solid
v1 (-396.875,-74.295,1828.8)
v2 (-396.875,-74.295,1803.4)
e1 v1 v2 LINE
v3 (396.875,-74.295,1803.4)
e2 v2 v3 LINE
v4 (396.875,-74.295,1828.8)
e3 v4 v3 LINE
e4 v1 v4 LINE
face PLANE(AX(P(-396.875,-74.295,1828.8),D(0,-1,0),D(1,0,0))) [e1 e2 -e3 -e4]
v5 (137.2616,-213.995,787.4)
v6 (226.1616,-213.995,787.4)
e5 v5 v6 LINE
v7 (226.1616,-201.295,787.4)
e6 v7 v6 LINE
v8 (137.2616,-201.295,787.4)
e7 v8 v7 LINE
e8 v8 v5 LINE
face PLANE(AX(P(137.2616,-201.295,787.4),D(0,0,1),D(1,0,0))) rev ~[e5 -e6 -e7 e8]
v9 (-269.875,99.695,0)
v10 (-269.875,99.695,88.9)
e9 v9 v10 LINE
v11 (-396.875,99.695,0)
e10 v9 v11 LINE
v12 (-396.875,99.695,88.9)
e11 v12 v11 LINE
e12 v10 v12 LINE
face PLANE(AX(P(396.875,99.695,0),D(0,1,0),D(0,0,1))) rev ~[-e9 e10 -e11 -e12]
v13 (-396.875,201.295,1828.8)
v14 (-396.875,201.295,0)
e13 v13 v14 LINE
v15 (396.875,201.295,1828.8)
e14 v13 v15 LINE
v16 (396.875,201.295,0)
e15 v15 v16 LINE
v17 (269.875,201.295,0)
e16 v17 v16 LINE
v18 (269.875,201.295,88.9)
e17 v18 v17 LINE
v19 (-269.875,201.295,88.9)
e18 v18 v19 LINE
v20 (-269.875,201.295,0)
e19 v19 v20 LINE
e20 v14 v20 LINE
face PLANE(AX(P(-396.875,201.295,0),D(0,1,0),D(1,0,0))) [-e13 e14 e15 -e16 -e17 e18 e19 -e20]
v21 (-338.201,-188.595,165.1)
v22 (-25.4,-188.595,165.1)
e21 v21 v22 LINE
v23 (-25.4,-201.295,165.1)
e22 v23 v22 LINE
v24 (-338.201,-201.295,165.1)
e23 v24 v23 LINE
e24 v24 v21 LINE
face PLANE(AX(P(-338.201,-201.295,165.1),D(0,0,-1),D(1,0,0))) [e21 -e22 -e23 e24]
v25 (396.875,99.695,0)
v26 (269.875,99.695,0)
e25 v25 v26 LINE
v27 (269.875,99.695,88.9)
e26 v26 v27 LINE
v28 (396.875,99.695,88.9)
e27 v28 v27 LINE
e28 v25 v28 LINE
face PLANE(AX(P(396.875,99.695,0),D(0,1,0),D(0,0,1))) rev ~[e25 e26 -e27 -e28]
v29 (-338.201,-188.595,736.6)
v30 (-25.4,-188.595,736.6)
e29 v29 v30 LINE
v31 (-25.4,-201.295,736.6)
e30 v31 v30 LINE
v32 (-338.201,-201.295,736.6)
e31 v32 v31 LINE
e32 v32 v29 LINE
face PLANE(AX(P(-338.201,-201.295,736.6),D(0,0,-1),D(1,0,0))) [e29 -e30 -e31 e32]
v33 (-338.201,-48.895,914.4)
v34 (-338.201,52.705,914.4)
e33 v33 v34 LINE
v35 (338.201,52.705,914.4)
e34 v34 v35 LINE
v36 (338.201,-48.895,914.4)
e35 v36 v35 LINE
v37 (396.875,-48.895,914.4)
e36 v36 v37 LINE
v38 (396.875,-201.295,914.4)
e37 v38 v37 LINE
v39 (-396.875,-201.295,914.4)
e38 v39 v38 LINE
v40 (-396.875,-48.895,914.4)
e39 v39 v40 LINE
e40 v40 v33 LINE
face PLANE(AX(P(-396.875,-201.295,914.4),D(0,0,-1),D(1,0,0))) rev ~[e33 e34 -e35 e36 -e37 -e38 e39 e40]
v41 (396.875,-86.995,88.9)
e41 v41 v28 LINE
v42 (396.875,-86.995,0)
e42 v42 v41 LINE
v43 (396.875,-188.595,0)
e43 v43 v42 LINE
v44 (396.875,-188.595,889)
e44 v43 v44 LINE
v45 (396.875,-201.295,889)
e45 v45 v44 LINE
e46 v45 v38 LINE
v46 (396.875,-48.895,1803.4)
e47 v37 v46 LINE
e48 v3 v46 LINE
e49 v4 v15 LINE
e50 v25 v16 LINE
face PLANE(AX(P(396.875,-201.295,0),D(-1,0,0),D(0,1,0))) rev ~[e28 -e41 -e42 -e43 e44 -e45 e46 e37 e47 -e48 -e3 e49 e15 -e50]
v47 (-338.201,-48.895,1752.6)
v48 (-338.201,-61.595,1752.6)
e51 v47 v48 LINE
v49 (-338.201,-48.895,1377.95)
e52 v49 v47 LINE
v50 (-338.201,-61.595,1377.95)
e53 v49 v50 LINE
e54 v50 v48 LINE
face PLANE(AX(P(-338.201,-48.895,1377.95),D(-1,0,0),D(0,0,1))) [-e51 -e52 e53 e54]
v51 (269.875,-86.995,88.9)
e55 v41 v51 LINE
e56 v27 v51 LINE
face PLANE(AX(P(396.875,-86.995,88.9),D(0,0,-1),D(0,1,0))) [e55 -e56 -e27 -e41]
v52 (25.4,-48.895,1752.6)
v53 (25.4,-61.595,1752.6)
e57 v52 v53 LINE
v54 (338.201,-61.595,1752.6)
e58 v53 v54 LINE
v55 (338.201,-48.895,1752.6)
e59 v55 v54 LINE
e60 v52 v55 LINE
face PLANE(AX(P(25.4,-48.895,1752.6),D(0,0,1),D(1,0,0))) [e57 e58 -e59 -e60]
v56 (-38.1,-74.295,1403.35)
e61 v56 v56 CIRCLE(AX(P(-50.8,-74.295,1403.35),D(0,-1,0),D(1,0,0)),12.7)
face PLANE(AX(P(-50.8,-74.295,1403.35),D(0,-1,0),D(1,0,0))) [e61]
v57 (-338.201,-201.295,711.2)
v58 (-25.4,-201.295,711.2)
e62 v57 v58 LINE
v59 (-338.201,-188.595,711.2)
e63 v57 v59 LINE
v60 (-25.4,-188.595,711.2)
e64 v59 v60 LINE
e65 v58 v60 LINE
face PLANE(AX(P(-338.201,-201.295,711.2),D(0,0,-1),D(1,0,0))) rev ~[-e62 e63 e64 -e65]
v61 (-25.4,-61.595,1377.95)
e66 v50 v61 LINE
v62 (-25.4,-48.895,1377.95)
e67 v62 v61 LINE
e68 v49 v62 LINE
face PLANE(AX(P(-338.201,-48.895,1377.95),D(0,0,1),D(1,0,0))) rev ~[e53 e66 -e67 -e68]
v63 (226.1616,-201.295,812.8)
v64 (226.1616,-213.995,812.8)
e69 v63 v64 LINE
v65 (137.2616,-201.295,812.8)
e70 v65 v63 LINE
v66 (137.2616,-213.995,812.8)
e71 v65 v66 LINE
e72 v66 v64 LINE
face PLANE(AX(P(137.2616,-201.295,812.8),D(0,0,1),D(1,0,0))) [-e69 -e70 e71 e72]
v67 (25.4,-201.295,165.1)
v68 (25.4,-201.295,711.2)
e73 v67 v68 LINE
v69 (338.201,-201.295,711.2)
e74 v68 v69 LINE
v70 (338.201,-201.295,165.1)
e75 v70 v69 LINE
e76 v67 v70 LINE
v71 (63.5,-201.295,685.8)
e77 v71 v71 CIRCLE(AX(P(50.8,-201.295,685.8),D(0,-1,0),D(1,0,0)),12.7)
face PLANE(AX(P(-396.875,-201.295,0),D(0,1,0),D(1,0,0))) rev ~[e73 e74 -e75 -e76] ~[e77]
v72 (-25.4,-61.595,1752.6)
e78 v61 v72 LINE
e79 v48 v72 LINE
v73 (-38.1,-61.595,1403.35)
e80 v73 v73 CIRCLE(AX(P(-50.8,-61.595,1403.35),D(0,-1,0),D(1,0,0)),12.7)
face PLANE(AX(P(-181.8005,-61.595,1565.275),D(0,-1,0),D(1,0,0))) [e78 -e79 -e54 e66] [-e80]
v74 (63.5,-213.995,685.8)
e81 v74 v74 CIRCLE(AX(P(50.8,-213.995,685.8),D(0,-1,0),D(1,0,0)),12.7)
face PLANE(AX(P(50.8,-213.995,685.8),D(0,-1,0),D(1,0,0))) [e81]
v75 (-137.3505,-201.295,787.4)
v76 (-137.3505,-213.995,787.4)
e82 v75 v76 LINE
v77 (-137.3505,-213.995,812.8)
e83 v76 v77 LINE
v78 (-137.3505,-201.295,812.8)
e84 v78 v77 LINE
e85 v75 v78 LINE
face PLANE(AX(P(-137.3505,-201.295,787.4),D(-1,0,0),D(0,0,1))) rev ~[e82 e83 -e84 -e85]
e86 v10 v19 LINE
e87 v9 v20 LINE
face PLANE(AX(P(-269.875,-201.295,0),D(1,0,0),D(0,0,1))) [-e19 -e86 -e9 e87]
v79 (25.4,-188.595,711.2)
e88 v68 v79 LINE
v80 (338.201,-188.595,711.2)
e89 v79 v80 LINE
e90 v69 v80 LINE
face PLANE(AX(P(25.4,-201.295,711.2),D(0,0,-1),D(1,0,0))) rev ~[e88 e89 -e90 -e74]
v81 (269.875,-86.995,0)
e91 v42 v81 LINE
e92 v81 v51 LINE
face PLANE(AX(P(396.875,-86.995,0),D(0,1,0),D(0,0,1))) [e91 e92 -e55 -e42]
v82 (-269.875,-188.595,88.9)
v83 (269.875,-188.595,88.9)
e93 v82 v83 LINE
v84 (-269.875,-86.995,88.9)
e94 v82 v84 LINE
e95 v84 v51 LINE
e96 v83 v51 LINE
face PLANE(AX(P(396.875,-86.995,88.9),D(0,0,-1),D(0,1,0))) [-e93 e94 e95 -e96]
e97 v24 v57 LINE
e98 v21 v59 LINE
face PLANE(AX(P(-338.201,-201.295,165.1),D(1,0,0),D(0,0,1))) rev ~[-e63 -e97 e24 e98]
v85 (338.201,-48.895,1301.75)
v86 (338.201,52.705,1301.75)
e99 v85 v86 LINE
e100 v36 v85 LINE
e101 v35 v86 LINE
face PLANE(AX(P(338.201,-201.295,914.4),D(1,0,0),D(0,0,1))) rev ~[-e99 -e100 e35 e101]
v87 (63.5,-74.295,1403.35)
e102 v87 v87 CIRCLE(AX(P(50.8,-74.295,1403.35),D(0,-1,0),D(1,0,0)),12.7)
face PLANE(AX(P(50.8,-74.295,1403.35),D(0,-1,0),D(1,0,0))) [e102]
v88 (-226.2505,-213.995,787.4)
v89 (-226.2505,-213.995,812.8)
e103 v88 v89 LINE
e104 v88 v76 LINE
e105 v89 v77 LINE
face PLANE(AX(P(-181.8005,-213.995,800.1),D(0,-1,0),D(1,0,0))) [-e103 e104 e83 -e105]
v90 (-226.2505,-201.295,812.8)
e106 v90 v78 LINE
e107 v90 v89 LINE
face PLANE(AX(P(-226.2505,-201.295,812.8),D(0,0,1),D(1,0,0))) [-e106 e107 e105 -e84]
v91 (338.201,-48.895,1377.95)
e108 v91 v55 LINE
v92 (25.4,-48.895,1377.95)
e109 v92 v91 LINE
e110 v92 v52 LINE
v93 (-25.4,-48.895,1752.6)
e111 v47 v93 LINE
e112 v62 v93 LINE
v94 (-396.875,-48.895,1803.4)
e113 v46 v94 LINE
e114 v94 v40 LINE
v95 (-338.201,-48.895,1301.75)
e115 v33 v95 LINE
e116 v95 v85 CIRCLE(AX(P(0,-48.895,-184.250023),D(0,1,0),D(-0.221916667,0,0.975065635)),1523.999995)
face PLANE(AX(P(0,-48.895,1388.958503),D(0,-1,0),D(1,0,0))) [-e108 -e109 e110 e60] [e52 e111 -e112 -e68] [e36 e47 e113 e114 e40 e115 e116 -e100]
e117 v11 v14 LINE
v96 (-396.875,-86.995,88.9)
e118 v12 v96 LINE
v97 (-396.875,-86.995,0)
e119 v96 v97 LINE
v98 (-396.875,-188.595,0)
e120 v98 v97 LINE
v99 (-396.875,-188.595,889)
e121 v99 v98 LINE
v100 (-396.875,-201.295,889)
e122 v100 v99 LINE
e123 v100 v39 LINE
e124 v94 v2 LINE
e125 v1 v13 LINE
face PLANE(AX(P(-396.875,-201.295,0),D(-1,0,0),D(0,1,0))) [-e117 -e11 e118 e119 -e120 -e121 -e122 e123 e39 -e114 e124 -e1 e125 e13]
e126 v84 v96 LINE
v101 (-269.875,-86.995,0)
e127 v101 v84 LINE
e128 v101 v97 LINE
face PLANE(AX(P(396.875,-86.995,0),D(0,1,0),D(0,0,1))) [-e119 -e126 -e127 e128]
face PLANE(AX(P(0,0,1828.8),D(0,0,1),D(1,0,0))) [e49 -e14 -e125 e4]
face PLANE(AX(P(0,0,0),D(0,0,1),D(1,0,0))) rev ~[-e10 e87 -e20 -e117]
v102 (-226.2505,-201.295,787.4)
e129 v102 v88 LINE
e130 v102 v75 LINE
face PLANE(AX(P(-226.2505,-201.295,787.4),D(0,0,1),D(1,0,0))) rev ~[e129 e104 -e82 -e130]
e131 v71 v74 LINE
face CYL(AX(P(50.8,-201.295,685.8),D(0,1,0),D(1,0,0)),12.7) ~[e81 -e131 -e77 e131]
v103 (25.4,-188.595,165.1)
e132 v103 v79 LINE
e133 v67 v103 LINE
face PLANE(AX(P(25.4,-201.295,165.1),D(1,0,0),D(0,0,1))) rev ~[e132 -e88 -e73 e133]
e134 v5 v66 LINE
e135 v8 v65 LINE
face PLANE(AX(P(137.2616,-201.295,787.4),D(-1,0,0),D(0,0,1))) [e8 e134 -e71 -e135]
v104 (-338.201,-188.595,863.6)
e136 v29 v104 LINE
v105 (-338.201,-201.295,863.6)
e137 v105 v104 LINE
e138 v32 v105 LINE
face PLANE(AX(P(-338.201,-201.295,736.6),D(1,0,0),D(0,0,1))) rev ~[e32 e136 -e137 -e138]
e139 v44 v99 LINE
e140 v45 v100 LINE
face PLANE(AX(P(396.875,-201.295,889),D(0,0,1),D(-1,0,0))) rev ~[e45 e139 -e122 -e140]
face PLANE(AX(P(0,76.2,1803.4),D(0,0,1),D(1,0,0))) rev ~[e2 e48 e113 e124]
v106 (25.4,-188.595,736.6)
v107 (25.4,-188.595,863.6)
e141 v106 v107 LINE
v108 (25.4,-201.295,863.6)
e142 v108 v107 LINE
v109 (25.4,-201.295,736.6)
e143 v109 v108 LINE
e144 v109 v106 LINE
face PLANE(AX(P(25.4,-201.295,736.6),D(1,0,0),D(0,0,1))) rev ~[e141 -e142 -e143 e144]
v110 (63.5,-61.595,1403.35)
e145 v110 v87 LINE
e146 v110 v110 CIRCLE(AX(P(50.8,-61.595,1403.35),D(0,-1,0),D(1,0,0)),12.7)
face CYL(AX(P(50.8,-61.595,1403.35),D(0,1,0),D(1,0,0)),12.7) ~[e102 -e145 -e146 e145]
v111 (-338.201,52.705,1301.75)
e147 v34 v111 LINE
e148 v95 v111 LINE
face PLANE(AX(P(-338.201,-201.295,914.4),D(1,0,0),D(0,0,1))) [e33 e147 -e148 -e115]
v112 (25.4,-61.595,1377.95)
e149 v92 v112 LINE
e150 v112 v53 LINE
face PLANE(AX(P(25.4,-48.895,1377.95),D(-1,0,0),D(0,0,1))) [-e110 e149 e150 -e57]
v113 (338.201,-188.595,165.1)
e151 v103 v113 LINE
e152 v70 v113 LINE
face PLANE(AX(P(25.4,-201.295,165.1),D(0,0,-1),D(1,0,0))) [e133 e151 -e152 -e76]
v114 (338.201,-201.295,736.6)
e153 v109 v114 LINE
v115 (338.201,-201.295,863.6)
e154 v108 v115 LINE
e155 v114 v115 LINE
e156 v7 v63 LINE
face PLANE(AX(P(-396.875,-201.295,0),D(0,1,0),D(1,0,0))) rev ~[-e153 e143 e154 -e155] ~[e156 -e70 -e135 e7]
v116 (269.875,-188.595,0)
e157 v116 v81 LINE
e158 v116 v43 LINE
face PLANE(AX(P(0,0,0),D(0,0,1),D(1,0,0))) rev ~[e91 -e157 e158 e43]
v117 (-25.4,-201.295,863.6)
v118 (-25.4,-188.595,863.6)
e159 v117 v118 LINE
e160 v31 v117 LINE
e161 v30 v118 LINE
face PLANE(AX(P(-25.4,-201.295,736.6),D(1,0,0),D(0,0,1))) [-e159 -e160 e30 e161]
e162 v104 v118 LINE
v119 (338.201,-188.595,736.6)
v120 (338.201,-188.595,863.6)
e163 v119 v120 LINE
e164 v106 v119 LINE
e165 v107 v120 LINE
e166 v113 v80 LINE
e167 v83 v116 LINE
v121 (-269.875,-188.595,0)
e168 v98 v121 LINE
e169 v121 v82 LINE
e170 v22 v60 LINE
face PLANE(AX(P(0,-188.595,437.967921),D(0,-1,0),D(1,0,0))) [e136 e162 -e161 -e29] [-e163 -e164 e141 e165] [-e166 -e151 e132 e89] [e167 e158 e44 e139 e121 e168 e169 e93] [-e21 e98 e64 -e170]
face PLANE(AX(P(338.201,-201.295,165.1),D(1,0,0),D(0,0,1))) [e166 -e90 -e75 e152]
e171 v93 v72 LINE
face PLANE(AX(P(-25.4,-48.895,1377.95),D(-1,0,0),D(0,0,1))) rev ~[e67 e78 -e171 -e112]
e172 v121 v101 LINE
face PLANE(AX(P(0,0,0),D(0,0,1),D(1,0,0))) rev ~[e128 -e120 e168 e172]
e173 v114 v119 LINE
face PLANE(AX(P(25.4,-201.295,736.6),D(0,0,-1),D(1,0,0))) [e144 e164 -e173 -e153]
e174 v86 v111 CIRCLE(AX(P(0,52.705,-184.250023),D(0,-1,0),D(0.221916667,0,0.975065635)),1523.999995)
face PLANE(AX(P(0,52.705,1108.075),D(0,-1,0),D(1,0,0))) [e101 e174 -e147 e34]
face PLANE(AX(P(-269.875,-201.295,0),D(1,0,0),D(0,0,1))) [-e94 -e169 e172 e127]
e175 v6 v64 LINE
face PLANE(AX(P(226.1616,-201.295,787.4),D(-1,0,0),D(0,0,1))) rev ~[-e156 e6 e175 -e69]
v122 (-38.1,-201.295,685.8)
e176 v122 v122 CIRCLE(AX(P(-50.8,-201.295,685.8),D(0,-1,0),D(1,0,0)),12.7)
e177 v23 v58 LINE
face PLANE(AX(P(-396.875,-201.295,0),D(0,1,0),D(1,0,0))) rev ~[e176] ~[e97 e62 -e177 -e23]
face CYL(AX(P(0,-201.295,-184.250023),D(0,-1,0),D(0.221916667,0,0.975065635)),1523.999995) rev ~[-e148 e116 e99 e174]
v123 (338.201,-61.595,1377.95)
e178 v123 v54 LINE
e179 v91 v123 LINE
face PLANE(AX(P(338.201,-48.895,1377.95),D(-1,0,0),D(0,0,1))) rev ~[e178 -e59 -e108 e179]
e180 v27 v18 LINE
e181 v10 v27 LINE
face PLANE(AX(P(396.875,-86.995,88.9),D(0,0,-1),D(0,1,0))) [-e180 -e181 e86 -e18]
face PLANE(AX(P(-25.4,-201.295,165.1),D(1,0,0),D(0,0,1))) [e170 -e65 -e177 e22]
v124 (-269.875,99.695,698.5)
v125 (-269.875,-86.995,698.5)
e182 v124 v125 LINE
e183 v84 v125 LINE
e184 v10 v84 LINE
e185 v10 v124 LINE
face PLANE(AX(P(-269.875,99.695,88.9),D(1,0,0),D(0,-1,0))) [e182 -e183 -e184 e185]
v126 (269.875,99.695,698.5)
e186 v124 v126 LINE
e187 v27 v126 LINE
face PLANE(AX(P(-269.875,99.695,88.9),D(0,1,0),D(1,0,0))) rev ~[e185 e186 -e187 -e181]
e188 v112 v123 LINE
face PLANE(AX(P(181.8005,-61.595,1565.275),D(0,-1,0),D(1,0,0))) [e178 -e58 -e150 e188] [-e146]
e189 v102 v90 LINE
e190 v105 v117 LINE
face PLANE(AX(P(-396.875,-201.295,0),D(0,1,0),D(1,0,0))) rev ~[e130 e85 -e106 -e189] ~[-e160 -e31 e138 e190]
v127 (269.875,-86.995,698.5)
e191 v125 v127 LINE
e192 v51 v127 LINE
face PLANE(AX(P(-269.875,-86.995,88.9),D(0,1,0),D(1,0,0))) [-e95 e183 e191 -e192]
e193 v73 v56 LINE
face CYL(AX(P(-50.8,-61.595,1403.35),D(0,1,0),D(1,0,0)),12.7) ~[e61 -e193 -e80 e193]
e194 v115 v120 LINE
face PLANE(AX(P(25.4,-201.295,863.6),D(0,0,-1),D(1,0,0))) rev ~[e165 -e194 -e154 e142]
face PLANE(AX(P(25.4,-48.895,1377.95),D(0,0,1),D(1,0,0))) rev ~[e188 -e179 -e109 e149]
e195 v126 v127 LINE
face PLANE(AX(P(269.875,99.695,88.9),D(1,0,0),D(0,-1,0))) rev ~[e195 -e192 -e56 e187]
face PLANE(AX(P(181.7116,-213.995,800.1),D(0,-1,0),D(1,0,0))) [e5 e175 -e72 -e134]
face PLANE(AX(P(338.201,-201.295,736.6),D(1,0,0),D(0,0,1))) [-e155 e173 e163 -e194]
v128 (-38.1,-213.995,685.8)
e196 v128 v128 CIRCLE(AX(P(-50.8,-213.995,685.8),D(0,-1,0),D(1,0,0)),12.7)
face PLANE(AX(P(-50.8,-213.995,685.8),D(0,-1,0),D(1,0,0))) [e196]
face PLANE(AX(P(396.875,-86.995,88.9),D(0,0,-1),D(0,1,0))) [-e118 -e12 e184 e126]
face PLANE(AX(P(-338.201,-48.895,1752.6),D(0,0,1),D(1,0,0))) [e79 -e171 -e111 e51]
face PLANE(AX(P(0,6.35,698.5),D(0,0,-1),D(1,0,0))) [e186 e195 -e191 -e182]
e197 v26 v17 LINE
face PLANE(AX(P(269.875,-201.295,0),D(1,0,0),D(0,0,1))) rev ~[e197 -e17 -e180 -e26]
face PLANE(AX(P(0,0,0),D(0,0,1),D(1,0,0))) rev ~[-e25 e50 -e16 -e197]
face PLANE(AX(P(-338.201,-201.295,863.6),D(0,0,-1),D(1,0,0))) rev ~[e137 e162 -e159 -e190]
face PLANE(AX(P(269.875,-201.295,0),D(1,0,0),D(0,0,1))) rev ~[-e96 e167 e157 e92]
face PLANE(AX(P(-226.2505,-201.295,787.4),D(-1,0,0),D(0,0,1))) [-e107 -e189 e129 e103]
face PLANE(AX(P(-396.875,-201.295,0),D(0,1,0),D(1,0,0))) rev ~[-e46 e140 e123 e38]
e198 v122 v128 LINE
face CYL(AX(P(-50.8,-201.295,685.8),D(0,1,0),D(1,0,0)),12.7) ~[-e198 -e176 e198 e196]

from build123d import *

# Parameters (mm, degrees)
F0_W      = 793.75
F0_H      = 402.59
F1_DEPTH  = 1828.8
F2_W      = 539.75
F2_H      = 88.9
F3_DEPTH  = 402.591
F2_W_2    = 312.801
F2_H_2    = 546.1
F2_H_3    = 127
F4_DEPTH  = 12.7
F2_H_4    = 374.65
F2_W_3    = 676.402
F2_H_5    = 387.35
F5_DEPTH  = 152.4
F6_DEPTH  = 254
F7_W      = 312.801
F7_H      = 374.65
F8_DEPTH  = 12.7
F9_W      = 186.69
F9_H      = 88.9
F10_DEPTH = 793.751
F11_W     = 88.9
F11_H     = 25.4
F11_R     = 12.7
F12_DEPTH = 12.7
F13_R     = 12.7
F14_DEPTH = 12.7
F15_W     = 793.75
F15_H     = 250.19
F15_H_2   = 25.4
F16_DEPTH = 25.4
F17_W     = 539.75
F17_H     = 186.69
F18_DEPTH = 609.6


with BuildPart() as f1:
    # F0 (on Top) → F1 (new body)
    with BuildSketch(Plane.XY):
        Rectangle(F0_W, F0_H)
    extrude(amount=F1_DEPTH)

    # F2 (on face) → F3 (cut, through all)
    with BuildSketch(Plane.XZ.offset(201.295)):
        with Locations((0, 44.45)):
            Rectangle(F2_W, F2_H)
    extrude(amount=-F3_DEPTH, mode=Mode.SUBTRACT)

    # F2 (on face) → F4 (cut)
    with BuildSketch(Plane.XZ.offset(201.295)):
        Polygon((-396.875, 0), (-269.875, 0), (-269.875, 88.9), (269.875, 88.9), (269.875, 0), (396.875, 0), (396.875, 889), (-396.875, 889), align=None)
        with Locations((-181.8005, 438.15)):
            Rectangle(F2_W_2, F2_H_2, mode=Mode.SUBTRACT)
        with Locations((-181.8005, 800.1)):
            Rectangle(F2_W_2, F2_H_3, mode=Mode.SUBTRACT)
        with Locations((181.8005, 438.15)):
            Rectangle(F2_W_2, F2_H_2, mode=Mode.SUBTRACT)
        with Locations((181.8005, 800.1)):
            Rectangle(F2_W_2, F2_H_3, mode=Mode.SUBTRACT)
    extrude(amount=-F4_DEPTH, mode=Mode.SUBTRACT)

    # F2 (on face) → F5 (cut)
    with BuildSketch(Plane.XZ.offset(201.295)):
        with BuildLine():
            Line((-396.875, 1828.8), (-396.875, 914.4))
            Line((-396.875, 914.4), (-338.201, 914.4))
            Line((-338.201, 914.4), (-338.201, 1301.75))
            ThreePointArc((-338.201, 1301.75), (0, 1339.749972), (338.201, 1301.75))
            Line((338.201, 1301.75), (338.201, 914.4))
            Line((338.201, 914.4), (396.875, 914.4))
            Line((396.875, 914.4), (396.875, 1828.8))
            Line((396.875, 1828.8), (-396.875, 1828.8))
        make_face()
        with Locations((-181.8005, 1565.275)):
            Rectangle(F2_W_2, F2_H_4, mode=Mode.SUBTRACT)
        with Locations((181.8005, 1565.275)):
            Rectangle(F2_W_2, F2_H_4, mode=Mode.SUBTRACT)
        with Locations((-181.8005, 1565.275)):
            Rectangle(F2_W_2, F2_H_4)
        with Locations((181.8005, 1565.275)):
            Rectangle(F2_W_2, F2_H_4)
        with Locations((0, 1108.075)):
            Rectangle(F2_W_3, F2_H_5)
    extrude(amount=-F5_DEPTH, mode=Mode.SUBTRACT)

    # F2 (on face) → F6 (cut)
    with BuildSketch(Plane.XZ.offset(201.295)):
        with Locations((0, 1108.075)):
            Rectangle(F2_W_3, F2_H_5)
        with BuildLine():
            ThreePointArc((338.201, 1301.75), (0, 1339.749972), (-338.201, 1301.75))
            Line((-338.201, 1301.75), (338.201, 1301.75))
        make_face()
    extrude(amount=-F6_DEPTH, mode=Mode.SUBTRACT)

    # F7 (on face) → F8 (join)
    with BuildSketch(Plane.XZ.offset(48.895)):
        with Locations((181.8005, 1565.275)):
            Rectangle(F7_W, F7_H)
        with Locations((-181.8005, 1565.275)):
            Rectangle(F7_W, F7_H)
    extrude(amount=F8_DEPTH)

    # F9 (on face) → F10 (cut, through all)
    with BuildSketch(Plane.YZ.offset(396.875)):
        with Locations((6.35, 44.45)):
            Rectangle(F9_W, F9_H)
    extrude(amount=-F10_DEPTH, mode=Mode.SUBTRACT)

    # F11 (on face) → F12 (join)
    with BuildSketch(Plane.XZ.offset(201.295)):
        with Locations((181.7116, 800.1)):
            Rectangle(F11_W, F11_H)
        with Locations((50.8, 685.8)):
            Circle(F11_R)
        with Locations((-50.8, 685.8)):
            Circle(F11_R)
        with Locations((-181.8005, 800.1)):
            Rectangle(F11_W, F11_H)
    extrude(amount=F12_DEPTH)

    # F13 (on face) → F14 (join)
    with BuildSketch(Plane.XZ.offset(61.595)):
        with Locations((-50.8, 1403.35)):
            Circle(F13_R)
        with Locations((50.8, 1403.35)):
            Circle(F13_R)
    extrude(amount=F14_DEPTH)

    # F15 (on face) → F16 (join)
    with BuildSketch(Plane.XY.offset(1828.8)):
        with Locations((0, 76.2)):
            Rectangle(F15_W, F15_H)
        with Locations((0, -61.595)):
            Rectangle(F15_W, F15_H_2)
    extrude(amount=-F16_DEPTH)

    # F17 (on face) → F18 (cut)
    with BuildSketch(Plane(origin=(0, 0, 88.9), x_dir=(1, 0, 0), z_dir=(0, 0, -1))):
        with Locations((0, -6.35)):
            Rectangle(F17_W, F17_H)
    extrude(amount=-F18_DEPTH, mode=Mode.SUBTRACT)


solid = f1.part
